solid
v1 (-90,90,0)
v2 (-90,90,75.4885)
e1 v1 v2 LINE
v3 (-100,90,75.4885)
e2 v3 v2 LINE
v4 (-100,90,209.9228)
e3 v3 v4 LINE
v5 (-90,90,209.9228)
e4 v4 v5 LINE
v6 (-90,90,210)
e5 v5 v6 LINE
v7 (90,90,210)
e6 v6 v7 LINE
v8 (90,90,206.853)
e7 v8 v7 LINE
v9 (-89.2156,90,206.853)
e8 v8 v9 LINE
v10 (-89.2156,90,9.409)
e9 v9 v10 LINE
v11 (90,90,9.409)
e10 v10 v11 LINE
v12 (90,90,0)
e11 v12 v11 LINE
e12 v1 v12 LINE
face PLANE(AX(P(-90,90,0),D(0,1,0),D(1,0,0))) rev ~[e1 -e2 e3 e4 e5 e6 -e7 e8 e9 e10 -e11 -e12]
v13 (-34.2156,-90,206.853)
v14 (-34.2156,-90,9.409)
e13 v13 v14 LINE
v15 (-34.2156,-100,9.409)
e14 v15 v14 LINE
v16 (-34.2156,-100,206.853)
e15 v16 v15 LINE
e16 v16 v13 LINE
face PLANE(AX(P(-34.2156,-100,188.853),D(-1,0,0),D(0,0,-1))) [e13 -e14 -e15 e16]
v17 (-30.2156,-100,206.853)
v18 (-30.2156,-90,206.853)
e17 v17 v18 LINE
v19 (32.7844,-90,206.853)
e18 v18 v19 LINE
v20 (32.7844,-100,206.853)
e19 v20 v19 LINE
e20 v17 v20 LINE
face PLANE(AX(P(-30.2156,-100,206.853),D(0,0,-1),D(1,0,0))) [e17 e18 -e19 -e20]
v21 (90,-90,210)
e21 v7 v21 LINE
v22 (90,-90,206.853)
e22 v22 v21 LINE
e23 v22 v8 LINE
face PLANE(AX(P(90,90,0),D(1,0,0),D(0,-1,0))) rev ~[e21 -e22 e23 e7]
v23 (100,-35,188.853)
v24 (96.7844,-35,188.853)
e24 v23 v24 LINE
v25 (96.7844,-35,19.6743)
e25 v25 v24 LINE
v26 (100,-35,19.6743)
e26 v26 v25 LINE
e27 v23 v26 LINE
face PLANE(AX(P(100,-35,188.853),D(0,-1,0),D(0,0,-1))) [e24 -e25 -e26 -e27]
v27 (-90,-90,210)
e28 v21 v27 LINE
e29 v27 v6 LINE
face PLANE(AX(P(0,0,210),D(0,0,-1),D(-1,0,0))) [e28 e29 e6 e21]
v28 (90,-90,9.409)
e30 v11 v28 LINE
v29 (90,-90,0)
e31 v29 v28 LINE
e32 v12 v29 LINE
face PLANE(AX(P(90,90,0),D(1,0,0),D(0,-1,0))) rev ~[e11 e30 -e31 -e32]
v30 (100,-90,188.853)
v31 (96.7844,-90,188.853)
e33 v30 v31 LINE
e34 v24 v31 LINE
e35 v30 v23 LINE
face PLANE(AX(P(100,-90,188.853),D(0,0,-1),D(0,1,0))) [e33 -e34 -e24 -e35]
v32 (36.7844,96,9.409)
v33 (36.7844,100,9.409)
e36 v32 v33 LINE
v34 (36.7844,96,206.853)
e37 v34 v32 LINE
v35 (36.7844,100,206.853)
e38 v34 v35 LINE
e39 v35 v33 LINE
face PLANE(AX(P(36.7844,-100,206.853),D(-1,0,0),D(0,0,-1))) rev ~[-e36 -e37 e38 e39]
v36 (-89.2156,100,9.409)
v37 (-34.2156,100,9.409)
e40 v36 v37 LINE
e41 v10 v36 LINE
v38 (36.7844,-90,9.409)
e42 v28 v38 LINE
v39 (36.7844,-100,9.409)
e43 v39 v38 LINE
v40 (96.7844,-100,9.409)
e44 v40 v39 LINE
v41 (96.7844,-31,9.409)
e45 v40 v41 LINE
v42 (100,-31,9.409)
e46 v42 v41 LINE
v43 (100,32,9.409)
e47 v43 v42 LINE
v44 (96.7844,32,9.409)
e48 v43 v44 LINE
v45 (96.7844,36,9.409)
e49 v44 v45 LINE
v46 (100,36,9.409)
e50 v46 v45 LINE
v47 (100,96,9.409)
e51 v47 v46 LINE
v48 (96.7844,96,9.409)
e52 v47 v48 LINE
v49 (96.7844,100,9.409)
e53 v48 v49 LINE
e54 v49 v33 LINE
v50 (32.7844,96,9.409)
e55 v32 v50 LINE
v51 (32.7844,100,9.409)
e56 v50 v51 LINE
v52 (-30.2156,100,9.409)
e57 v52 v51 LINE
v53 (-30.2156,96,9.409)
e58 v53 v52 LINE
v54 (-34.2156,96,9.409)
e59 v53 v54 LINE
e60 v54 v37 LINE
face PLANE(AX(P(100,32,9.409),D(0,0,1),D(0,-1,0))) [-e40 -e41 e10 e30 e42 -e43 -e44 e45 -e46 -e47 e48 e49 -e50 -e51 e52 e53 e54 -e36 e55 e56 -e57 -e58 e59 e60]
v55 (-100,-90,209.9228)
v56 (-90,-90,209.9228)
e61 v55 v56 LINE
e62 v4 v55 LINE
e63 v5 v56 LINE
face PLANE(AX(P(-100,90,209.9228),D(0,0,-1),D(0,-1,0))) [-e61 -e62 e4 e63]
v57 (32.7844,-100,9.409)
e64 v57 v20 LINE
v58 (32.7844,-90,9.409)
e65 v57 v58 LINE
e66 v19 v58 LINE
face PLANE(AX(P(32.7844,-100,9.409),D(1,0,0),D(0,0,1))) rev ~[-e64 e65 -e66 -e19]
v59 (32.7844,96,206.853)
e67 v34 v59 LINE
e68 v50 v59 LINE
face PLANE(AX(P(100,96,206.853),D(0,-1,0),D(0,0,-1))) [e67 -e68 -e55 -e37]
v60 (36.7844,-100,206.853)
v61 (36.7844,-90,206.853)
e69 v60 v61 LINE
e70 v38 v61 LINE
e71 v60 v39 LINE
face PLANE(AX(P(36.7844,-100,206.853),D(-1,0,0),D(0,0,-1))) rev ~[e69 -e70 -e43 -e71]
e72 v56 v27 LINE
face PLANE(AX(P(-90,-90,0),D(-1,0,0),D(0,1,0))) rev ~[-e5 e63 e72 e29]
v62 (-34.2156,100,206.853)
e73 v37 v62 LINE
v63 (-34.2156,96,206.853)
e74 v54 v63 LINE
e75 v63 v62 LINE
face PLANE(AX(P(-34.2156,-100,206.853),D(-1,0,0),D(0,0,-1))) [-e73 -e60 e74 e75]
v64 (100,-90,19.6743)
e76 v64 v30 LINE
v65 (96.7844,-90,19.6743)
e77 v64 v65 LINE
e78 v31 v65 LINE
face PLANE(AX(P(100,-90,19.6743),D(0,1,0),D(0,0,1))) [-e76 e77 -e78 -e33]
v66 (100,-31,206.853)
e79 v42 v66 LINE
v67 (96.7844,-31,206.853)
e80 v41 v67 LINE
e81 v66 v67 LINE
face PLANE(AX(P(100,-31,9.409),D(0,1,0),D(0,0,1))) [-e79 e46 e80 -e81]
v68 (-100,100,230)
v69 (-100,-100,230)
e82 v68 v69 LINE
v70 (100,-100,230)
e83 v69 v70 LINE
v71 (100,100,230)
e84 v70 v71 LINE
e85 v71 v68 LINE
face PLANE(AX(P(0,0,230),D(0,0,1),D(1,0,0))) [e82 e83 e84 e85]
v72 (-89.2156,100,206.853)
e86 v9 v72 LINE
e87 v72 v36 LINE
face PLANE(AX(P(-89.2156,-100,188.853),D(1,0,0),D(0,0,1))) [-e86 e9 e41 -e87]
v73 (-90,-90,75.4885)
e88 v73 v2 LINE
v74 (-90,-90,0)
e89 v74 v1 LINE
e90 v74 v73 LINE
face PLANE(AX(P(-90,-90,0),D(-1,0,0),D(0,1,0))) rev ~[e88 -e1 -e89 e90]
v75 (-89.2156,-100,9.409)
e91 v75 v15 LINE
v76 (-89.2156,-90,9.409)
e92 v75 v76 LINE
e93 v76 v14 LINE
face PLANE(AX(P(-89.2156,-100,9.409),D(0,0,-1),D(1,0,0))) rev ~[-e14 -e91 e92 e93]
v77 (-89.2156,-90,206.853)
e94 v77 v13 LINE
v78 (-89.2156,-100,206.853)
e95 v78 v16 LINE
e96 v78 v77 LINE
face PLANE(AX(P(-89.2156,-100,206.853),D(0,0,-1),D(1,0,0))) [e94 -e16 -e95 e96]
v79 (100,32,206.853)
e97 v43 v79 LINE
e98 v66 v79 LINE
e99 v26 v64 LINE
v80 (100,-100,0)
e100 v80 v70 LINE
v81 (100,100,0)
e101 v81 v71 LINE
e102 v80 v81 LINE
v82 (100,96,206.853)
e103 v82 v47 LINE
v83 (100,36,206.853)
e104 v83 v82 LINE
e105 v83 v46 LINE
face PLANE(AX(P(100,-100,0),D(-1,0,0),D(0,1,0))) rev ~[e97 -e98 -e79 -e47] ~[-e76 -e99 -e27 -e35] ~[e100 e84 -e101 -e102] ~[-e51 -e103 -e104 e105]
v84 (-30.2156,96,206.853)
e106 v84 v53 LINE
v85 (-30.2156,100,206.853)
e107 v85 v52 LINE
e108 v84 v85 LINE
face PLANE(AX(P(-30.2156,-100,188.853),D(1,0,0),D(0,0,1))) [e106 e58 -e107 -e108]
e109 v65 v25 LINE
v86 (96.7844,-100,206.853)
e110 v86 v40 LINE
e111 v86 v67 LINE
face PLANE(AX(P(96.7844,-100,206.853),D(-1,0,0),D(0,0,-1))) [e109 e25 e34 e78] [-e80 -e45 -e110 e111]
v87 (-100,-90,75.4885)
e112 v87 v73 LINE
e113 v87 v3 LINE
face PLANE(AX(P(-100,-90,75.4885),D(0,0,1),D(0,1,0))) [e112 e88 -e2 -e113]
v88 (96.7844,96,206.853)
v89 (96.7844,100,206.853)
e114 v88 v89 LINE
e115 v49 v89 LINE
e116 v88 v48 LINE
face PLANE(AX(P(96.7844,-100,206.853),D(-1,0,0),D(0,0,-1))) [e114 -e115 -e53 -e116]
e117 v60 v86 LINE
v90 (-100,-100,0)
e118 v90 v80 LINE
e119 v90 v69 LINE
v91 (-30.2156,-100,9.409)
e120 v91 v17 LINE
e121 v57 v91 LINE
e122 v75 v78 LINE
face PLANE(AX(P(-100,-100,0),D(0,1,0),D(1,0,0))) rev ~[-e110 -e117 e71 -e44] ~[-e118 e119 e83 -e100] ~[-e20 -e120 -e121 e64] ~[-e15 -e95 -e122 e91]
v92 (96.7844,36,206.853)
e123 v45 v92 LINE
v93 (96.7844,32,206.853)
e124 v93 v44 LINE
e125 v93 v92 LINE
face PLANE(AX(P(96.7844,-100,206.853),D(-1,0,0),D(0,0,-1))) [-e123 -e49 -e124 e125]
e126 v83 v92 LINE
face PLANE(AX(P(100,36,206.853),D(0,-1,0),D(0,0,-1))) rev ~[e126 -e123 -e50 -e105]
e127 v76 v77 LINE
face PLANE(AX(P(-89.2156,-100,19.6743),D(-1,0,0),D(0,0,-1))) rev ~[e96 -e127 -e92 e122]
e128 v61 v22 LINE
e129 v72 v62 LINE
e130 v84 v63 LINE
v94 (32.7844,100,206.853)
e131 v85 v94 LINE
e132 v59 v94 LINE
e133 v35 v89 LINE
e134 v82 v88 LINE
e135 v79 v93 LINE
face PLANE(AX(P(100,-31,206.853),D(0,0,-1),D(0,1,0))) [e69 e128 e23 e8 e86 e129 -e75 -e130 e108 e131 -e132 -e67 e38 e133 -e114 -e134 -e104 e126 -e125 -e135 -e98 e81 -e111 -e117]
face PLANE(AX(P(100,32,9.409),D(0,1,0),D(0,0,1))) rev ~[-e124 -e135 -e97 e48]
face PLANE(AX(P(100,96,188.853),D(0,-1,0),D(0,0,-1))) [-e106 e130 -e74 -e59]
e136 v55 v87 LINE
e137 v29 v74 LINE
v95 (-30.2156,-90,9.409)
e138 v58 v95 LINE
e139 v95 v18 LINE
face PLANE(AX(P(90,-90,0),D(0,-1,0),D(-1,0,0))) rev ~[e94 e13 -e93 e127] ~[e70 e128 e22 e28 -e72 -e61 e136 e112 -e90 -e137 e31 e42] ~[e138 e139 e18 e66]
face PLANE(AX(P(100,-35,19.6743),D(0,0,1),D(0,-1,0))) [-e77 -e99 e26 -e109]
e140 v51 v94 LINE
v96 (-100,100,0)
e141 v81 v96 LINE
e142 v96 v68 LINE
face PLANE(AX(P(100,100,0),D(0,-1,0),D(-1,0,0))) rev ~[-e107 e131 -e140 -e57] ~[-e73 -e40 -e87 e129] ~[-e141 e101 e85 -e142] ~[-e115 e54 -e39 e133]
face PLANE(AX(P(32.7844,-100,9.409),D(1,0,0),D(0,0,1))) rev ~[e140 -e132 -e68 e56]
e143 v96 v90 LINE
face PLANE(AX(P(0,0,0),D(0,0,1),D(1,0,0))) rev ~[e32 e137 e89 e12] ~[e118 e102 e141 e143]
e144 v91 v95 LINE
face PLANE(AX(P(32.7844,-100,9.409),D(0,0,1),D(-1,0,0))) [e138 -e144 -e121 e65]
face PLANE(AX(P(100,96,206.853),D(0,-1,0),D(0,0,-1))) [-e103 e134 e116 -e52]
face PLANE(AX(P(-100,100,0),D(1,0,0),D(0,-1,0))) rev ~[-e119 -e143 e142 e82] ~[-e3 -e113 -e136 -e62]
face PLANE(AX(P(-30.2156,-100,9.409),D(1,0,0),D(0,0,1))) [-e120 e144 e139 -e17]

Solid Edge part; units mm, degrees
sketch "Sketch1" plane through (0, 0, 0) normal (0, 0, 1) x (1, 0, 0)
  line L0 (100, -100) -> (100, 100)
  line L1 (100, 100) -> (-100, 100)
  line L2 (-100, 100) -> (-100, -100)
  line L3 (-100, -100) -> (100, -100)
extrude "Protrusion1" add sketch "Sketch1" along normal blind 230
sketch "Sketch2" plane through (0, 0, 0) normal (0, 0, -1) x (0, 1, 0)
  line L0 (-90, 90) -> (-90, -90)
  line L1 (-90, -90) -> (90, -90)
  line L2 (90, -90) -> (90, 90)
  line L3 (90, 90) -> (-90, 90)
extrude "ScavoEstrusione_1" cut sketch "Sketch2" against normal blind 210
sketch "Sketch3" plane through (-100, 0, 114.7797) normal (-1, 0, 0) x (0, -1, 0)
  line L0 (-90, 95.1431) -> (90, 95.1431)
  line L1 (90, 95.1431) -> (90, -39.2912)
  line L2 (90, -39.2912) -> (-90, -39.2912)
  line L3 (-90, -39.2912) -> (-90, 95.1431)
extrude "ScavoEstrusione_2" cut sketch "Sketch3" against normal blind 30
sketch "Sketch4" plane through (0, -100, 115) normal (0, -1, 0) x (1, 0, 0)
  line L0 (-34.2156, 73.853) -> (-34.2156, -95.3257)
  line L1 (-34.2156, -105.591) -> (-34.2156, -95.3257)
  line L2 (-89.2156, -105.591) -> (-34.2156, -105.591)
  line L3 (-89.2156, -95.3257) -> (-89.2156, -105.591)
  line L4 (-89.2156, -95.3257) -> (-89.2156, 73.853)
  line L5 (-89.2156, 73.853) -> (-89.2156, 91.853)
  line L6 (-89.2156, 91.853) -> (-34.2156, 91.853)
  line L7 (-34.2156, 91.853) -> (-34.2156, 73.853)
  line L8 (32.7844, -105.591) -> (32.7844, 91.853)
  line L9 (-30.2156, 91.853) -> (32.7844, 91.853)
  line L10 (-30.2156, 73.853) -> (-30.2156, 91.853)
  line L11 (-30.2156, -105.591) -> (-30.2156, 73.853)
  line L12 (19.3173, -105.591) -> (-30.2156, -105.591)
  line L13 (32.7844, -105.591) -> (19.3173, -105.591)
  line L14 (36.7844, 91.853) -> (96.7844, 91.853)
  line L15 (96.7844, 91.853) -> (96.7844, 73.853)
  line L16 (96.7844, 73.853) -> (96.7844, -105.591)
  line L17 (96.7844, -105.591) -> (36.7844, -105.591)
  line L18 (36.7844, 91.853) -> (36.7844, -105.591)
extrude "ScavoEstrusione_3" cut sketch "Sketch4" against normal blind 317.7816
sketch "Sketch5" plane through (100, 0, 115) normal (1, 0, 0) x (0, 1, 0)
  line L0 (-90, 73.853) -> (-35, 73.853)
  line L1 (-35, 73.853) -> (-35, -95.3257)
  line L2 (-35, -95.3257) -> (-90, -95.3257)
  line L3 (-90, -95.3257) -> (-90, 73.853)
  line L4 (-31, 91.853) -> (32, 91.853)
  line L5 (32, -105.591) -> (32, 91.853)
  line L6 (32, -105.591) -> (18.5329, -105.591)
  line L7 (18.5329, -105.591) -> (-31, -105.591)
  line L8 (-31, -105.591) -> (-31, 73.853)
  line L9 (-31, 73.853) -> (-31, 91.853)
  line L10 (36, 91.853) -> (36, -105.591)
  line L11 (96, -105.591) -> (36, -105.591)
  line L12 (96, 73.853) -> (96, -105.591)
  line L13 (96, 91.853) -> (96, 73.853)
  line L14 (36, 91.853) -> (96, 91.853)
extrude "ProtrusioneEstrusa_3" cut sketch "Sketch5" against normal blind 166.3749
